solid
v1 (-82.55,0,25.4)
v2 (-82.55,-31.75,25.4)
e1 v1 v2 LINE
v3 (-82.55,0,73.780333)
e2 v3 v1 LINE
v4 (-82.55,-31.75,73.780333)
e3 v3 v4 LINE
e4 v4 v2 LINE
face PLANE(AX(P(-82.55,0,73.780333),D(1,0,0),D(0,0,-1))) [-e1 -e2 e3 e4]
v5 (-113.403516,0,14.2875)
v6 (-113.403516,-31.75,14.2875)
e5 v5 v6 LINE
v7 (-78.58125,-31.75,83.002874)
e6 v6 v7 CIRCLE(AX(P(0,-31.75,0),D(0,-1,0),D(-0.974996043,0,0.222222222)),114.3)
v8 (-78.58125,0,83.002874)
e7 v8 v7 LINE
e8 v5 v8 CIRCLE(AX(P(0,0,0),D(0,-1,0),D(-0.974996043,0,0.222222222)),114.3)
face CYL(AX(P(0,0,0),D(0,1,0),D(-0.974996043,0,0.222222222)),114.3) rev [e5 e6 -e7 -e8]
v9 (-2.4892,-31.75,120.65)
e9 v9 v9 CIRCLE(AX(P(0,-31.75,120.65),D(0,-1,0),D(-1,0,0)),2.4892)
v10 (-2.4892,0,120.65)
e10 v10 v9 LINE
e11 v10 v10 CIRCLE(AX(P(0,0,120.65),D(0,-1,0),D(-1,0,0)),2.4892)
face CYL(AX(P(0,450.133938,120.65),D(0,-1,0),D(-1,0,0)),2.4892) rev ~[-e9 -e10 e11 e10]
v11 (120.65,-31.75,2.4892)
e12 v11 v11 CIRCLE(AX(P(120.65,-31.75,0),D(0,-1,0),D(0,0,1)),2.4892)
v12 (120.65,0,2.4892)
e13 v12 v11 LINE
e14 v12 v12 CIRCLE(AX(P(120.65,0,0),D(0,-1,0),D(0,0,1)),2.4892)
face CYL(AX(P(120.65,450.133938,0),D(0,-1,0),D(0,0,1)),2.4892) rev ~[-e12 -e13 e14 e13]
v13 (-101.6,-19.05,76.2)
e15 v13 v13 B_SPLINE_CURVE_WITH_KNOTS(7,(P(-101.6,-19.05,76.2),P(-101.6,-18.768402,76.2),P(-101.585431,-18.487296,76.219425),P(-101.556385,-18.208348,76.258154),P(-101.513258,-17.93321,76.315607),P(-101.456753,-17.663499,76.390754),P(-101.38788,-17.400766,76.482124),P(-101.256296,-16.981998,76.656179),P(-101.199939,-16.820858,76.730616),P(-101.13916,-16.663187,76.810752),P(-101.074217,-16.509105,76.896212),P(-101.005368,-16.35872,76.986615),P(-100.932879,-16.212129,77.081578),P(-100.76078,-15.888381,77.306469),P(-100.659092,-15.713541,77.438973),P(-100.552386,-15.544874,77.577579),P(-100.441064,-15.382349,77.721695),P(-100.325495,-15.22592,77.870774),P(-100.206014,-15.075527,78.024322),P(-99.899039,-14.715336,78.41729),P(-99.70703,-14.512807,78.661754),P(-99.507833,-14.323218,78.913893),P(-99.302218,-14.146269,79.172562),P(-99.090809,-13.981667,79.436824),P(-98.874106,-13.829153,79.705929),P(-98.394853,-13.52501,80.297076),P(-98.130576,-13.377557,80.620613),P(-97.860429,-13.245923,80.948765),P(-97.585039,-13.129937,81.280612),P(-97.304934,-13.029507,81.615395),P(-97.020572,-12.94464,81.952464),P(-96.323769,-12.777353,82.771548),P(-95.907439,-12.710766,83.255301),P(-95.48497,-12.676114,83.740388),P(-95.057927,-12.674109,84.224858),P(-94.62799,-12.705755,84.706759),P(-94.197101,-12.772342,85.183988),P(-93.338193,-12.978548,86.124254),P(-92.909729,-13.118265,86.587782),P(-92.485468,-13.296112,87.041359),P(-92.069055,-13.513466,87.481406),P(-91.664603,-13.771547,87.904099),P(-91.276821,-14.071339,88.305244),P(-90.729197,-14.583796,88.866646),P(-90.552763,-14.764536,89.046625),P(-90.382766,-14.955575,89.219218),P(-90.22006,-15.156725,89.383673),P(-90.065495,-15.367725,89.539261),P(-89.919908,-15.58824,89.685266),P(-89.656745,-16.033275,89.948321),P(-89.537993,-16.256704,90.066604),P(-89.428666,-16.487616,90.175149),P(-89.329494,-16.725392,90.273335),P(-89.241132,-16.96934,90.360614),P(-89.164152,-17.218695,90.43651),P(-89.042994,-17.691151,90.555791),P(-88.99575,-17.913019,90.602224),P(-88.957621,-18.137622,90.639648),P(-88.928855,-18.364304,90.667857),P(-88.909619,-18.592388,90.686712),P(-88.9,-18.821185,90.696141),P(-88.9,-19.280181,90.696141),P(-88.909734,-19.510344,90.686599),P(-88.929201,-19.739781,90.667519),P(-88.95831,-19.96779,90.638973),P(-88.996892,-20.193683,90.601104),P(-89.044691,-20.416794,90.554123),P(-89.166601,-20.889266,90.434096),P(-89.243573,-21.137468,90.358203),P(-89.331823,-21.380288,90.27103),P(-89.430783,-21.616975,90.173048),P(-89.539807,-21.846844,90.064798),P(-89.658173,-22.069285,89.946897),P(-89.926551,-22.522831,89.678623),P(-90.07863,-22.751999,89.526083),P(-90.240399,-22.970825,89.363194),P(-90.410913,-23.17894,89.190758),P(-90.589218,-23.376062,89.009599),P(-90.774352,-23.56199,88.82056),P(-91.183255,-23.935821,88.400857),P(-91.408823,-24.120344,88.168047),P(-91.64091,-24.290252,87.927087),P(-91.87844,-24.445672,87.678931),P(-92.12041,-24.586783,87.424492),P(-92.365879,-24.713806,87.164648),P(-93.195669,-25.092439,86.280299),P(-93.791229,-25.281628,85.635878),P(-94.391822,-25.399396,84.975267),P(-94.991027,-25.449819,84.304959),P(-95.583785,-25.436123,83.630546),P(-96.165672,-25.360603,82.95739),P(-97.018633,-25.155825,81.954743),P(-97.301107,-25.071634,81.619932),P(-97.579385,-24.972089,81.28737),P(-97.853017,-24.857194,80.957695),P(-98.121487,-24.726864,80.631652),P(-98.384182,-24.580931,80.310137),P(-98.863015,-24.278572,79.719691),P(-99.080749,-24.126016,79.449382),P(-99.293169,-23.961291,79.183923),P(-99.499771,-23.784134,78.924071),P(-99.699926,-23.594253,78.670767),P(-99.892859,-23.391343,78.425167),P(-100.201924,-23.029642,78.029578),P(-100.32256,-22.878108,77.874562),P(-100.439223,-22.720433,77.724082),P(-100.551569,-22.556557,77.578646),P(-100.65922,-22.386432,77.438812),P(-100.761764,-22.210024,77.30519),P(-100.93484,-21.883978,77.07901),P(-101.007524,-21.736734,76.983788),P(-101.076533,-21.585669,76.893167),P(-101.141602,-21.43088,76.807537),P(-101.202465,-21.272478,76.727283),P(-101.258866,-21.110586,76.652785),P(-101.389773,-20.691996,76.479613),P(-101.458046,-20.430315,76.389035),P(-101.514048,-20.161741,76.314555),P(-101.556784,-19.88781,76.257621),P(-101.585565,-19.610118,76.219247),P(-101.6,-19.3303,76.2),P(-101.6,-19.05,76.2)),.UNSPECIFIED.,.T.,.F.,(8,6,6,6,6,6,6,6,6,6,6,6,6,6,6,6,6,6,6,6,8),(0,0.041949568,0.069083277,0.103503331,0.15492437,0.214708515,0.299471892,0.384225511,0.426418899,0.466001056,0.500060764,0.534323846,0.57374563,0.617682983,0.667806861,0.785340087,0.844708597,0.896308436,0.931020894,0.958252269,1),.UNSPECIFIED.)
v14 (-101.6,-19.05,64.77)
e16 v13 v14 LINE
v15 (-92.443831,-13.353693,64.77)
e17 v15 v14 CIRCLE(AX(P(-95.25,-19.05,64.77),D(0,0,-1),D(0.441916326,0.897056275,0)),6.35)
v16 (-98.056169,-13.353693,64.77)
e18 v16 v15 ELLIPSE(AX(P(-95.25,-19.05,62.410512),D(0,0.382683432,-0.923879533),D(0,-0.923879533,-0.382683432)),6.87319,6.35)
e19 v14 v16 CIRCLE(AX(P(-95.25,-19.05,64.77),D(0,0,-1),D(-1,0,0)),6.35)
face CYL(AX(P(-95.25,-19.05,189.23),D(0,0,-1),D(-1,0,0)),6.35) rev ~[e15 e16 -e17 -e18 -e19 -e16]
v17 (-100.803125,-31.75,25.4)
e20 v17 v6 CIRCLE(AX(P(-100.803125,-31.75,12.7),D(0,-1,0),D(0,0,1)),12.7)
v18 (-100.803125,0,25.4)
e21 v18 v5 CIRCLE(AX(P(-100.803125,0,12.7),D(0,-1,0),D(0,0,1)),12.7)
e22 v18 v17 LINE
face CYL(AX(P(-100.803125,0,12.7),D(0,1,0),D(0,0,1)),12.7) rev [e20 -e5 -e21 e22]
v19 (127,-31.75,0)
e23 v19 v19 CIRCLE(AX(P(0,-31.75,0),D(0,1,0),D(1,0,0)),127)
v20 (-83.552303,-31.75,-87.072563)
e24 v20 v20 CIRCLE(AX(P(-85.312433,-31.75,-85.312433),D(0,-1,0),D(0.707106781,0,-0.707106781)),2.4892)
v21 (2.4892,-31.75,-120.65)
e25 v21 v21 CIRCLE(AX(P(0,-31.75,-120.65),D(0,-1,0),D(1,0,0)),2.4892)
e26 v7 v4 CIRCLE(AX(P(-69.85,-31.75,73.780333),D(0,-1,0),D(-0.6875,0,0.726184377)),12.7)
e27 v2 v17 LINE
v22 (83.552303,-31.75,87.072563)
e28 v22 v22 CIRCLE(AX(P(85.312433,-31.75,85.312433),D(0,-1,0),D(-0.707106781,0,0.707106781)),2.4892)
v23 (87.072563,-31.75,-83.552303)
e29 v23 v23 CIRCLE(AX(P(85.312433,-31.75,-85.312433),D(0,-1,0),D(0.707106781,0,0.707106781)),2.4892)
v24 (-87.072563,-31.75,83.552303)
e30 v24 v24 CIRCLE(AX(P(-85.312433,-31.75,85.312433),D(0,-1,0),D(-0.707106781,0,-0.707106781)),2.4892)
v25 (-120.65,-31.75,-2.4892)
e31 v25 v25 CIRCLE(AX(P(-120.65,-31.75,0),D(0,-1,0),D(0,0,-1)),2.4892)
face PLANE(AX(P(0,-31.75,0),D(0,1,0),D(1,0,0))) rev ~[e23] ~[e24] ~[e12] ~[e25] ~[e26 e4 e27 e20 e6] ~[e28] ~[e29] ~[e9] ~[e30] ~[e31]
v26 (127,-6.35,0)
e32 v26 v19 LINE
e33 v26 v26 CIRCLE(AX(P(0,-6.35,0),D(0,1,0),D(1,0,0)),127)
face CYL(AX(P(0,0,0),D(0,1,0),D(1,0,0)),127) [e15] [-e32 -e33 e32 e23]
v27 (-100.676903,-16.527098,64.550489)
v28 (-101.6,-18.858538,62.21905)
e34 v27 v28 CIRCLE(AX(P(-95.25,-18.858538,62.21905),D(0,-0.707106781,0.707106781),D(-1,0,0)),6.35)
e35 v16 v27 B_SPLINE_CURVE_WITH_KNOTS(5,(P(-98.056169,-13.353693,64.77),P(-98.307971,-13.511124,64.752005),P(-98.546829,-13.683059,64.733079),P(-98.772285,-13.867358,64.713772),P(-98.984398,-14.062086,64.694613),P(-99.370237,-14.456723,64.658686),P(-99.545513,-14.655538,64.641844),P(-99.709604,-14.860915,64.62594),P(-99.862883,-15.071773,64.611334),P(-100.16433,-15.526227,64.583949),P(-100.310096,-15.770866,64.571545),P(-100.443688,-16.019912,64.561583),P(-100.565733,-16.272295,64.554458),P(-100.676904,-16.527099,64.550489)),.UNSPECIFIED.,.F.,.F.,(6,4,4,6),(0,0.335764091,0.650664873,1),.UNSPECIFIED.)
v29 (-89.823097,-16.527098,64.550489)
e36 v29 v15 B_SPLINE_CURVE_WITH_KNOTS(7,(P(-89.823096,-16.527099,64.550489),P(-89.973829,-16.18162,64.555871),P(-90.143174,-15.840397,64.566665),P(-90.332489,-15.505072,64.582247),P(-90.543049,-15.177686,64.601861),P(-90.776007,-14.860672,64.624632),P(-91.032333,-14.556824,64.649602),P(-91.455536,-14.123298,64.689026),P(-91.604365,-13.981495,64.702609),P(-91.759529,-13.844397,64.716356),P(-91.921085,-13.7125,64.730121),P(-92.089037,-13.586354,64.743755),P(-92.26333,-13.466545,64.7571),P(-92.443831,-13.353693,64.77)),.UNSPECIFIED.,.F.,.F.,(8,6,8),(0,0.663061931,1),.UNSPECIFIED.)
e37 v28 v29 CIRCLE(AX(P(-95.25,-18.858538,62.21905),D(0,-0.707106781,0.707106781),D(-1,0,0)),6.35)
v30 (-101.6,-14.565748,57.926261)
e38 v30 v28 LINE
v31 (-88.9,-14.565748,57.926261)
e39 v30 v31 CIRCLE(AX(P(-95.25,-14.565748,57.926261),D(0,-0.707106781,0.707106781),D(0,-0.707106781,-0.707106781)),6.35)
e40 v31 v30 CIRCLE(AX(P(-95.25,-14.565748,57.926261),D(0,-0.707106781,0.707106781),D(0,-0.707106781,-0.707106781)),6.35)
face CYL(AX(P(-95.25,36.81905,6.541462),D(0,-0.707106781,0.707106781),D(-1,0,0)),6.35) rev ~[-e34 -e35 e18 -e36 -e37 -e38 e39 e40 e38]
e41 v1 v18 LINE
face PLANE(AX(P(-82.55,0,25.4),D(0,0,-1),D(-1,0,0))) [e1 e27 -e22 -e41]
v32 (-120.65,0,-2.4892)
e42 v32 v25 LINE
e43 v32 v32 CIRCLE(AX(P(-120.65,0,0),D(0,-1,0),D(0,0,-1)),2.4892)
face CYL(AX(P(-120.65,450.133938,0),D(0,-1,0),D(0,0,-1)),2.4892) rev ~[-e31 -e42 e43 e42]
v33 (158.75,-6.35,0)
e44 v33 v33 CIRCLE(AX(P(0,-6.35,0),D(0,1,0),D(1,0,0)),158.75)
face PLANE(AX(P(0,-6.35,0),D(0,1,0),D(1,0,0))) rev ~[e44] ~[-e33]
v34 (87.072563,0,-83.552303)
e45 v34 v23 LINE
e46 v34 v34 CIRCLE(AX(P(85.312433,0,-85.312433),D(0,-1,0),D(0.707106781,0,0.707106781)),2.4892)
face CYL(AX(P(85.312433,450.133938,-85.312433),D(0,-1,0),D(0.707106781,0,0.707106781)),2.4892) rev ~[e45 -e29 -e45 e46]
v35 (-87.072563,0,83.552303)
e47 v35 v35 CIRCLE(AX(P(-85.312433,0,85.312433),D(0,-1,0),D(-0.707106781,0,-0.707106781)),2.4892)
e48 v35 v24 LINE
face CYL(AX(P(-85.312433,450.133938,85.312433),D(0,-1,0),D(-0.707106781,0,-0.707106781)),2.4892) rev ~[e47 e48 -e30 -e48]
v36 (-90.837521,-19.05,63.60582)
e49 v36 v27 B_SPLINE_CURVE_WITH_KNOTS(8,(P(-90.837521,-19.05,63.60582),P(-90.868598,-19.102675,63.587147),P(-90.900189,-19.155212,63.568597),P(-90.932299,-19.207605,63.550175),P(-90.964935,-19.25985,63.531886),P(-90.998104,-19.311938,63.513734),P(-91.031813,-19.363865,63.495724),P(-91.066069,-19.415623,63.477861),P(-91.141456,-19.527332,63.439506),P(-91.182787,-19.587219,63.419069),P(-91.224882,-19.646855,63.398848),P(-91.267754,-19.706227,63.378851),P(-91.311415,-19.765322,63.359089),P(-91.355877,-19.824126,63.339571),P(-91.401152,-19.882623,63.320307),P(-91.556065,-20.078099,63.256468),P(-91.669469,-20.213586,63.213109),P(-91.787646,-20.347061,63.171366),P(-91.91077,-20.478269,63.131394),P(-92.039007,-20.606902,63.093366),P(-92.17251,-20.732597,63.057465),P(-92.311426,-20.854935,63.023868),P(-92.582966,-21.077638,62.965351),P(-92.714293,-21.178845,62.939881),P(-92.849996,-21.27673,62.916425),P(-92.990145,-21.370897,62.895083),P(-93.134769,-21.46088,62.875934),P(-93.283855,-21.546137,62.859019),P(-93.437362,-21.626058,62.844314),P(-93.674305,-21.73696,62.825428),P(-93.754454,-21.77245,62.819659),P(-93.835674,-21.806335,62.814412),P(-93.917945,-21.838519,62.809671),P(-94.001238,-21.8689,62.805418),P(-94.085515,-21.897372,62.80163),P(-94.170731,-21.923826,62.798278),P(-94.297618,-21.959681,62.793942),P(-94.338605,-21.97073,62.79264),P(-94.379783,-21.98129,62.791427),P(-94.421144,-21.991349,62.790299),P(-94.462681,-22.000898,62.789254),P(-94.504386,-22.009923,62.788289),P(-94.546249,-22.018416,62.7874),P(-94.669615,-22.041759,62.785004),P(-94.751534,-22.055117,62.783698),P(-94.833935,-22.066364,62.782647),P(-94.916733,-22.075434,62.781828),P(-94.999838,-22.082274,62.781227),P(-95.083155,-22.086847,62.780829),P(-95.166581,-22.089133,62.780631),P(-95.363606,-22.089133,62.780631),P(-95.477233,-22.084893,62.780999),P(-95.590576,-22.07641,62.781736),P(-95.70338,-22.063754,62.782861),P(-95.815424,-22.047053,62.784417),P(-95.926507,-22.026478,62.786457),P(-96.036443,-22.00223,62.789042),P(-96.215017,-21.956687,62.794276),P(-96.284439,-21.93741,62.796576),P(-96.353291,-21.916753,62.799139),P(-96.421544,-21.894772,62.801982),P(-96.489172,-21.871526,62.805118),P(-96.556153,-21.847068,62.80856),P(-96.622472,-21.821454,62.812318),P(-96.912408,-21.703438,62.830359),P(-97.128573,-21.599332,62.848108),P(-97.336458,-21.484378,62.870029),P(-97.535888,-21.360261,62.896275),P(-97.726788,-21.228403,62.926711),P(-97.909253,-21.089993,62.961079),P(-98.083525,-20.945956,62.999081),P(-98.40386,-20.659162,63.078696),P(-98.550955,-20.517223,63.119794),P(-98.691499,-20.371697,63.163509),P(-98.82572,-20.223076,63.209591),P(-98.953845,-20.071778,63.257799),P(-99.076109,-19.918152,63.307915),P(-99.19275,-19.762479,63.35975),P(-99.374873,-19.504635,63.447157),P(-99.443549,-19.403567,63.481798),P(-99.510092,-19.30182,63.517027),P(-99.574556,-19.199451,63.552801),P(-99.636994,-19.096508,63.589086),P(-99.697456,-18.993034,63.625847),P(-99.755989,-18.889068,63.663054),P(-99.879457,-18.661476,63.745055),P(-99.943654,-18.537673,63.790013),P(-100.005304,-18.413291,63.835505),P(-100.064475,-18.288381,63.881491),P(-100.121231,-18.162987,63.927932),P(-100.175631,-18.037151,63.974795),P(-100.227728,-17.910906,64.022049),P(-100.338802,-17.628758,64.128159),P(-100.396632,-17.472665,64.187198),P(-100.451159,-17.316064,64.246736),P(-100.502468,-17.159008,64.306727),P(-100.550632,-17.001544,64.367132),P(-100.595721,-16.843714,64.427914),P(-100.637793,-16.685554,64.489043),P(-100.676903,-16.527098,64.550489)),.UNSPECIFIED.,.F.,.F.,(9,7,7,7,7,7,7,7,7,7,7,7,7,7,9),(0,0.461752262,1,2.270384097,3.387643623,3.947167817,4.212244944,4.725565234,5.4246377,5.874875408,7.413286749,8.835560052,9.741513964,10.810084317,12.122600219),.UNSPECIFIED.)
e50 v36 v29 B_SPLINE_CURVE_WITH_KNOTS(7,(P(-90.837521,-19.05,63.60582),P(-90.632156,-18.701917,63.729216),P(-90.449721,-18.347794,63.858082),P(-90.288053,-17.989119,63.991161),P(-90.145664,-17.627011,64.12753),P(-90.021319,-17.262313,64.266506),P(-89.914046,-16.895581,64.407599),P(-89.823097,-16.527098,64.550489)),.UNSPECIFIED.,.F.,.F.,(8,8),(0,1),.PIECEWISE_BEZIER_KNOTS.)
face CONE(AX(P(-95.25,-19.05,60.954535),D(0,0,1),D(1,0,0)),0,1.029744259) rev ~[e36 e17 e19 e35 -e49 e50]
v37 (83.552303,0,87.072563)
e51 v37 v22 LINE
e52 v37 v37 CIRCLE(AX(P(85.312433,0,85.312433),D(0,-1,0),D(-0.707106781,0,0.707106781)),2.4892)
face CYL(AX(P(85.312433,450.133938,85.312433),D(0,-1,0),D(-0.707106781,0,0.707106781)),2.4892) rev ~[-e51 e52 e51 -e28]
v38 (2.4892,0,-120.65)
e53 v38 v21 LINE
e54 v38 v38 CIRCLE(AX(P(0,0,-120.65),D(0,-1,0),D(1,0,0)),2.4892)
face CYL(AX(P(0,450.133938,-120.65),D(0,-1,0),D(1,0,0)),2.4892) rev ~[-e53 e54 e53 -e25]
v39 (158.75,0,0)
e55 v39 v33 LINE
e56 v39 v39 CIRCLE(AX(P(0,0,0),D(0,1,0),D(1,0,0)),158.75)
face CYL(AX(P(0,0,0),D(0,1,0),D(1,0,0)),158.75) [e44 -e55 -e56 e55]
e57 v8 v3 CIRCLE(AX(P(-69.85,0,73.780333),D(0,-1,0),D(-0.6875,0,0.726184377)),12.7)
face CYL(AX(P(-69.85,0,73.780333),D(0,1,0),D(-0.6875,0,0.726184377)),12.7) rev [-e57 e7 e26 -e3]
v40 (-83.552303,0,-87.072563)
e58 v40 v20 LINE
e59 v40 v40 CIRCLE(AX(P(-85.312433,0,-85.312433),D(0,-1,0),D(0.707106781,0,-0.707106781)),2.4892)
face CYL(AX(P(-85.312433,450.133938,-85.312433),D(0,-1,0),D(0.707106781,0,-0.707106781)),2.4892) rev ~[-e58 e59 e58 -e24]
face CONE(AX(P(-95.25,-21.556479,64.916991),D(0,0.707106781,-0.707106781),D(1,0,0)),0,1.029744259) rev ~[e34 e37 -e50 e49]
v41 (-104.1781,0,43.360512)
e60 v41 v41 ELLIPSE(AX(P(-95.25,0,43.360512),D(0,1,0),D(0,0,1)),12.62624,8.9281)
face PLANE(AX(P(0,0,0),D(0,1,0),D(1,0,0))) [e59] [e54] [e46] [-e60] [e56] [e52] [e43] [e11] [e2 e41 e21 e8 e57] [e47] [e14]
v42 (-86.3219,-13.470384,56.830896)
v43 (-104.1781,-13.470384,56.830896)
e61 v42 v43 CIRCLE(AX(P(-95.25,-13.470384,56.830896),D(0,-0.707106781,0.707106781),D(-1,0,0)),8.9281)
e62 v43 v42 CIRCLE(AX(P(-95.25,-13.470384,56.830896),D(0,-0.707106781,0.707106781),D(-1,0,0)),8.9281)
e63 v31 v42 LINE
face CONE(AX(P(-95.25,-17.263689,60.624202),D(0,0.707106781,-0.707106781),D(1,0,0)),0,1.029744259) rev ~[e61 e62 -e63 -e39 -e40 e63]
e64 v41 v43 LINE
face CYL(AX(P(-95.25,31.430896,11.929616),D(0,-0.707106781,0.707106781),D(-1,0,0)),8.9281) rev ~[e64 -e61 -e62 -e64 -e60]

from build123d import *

# Parameters (mm, degrees)
SKETCH7_R                         = 158.75
SKETCH7_R_2                       = 127
BOSS_EXTRUDE2_DEPTH               = 6.35
SKETCH7_3_R                       = 127
BOSS_EXTRUDE3_DEPTH               = 31.75
PIPE_TAP_DRILL_FOR_1_2_TAP2_D     = 17.8562
PIPE_TAP_DRILL_FOR_1_2_TAP2_DEPTH = 31.75
PIPE_TAP_DRILL_FOR_1_2_TAP2_TIP   = 5.364543693
F_1_2_0_5_DIAMETER_HOLE3_D        = 12.7
F_1_2_0_5_DIAMETER_HOLE3_DEPTH    = 62.23
F_1_2_0_5_DIAMETER_HOLE3_TIP      = 3.815464931
F_1_2_0_5_DIAMETER_HOLE4_D        = 12.7
F_1_2_0_5_DIAMETER_HOLE4_DEPTH    = 39.37
F_1_2_0_5_DIAMETER_HOLE4_TIP      = 3.815464931
F_10_CLEARANCE_HOLE1_D            = 4.9784
CIRPATTERN1_COUNT                 = 8


with BuildPart() as part:
    # Sketch7 → Boss-Extrude2 (new body)
    with BuildSketch(Plane(origin=(0, 0, 0), x_dir=(1, 0, 0), z_dir=(0, 1, 0))):
        Circle(SKETCH7_R)
        Circle(SKETCH7_R_2, mode=Mode.SUBTRACT)
    extrude(amount=-BOSS_EXTRUDE2_DEPTH)

    # Sketch7<3> → Boss-Extrude3 (add)
    with BuildSketch(Plane(origin=(0, 0, 0), x_dir=(1, 0, 0), z_dir=(0, 1, 0))):
        Circle(SKETCH7_3_R)
        with BuildLine():
            ThreePointArc((-100.803124952, -25.4), (-109.203385364, -22.225), (-113.403515571, -14.2875))
            ThreePointArc((-113.403515571, -14.2875), (101.95581504, 51.66722152), (-78.58125, -83.002874338))
            ThreePointArc((-78.58125, -83.002874338), (-81.5156949, -78.800448531), (-82.55, -73.780332745))
            Line((-82.55, -73.780332745), (-82.55, -25.4))
            Line((-82.55, -25.4), (-100.803124952, -25.4))
        make_face(mode=Mode.SUBTRACT)
    extrude(amount=-BOSS_EXTRUDE3_DEPTH)

    # Pipe Tap Drill for 1/2 Tap2
    with Locations(Plane(origin=(0, -12.7, 12.7), x_dir=(1, 0, 0), z_dir=(0, 0.7071067811865488, -0.7071067811865464))):
        with Locations((-95.25, -30.660512242)):
            Hole(PIPE_TAP_DRILL_FOR_1_2_TAP2_D / 2, depth=PIPE_TAP_DRILL_FOR_1_2_TAP2_DEPTH)
            with Locations((0, 0, -(PIPE_TAP_DRILL_FOR_1_2_TAP2_DEPTH + PIPE_TAP_DRILL_FOR_1_2_TAP2_TIP / 2))):  # 118° drill point
                Cone(0, PIPE_TAP_DRILL_FOR_1_2_TAP2_D / 2, PIPE_TAP_DRILL_FOR_1_2_TAP2_TIP, mode=Mode.SUBTRACT)

    # 1/2 (0.5) Diameter Hole3
    with Locations(Plane.XY.offset(127)):
        with Locations((-95.25, -19.05)):
            Hole(F_1_2_0_5_DIAMETER_HOLE3_D / 2, depth=F_1_2_0_5_DIAMETER_HOLE3_DEPTH)
            with Locations((0, 0, -(F_1_2_0_5_DIAMETER_HOLE3_DEPTH + F_1_2_0_5_DIAMETER_HOLE3_TIP / 2))):  # 118° drill point
                Cone(0, F_1_2_0_5_DIAMETER_HOLE3_D / 2, F_1_2_0_5_DIAMETER_HOLE3_TIP, mode=Mode.SUBTRACT)

    # 1/2 (0.5) Diameter Hole4
    with Locations(Plane(origin=(0, -12.7, 12.7), x_dir=(1, 0, 0), z_dir=(0, 0.7071067811865488, -0.7071067811865464))):
        with Locations((-95.25, -30.660512242)):
            Hole(F_1_2_0_5_DIAMETER_HOLE4_D / 2, depth=F_1_2_0_5_DIAMETER_HOLE4_DEPTH)
            with Locations((0, 0, -(F_1_2_0_5_DIAMETER_HOLE4_DEPTH + F_1_2_0_5_DIAMETER_HOLE4_TIP / 2))):  # 118° drill point
                Cone(0, F_1_2_0_5_DIAMETER_HOLE4_D / 2, F_1_2_0_5_DIAMETER_HOLE4_TIP, mode=Mode.SUBTRACT)

    # #10 Clearance Hole1 (through all)
    with Locations(Plane(origin=(0, 0, 0), x_dir=(1, 0, 0), z_dir=(0, 1, 0))):
        with Locations((0, -120.65)):
            f_10_clearance_hole1 = Hole(F_10_CLEARANCE_HOLE1_D / 2)

    # CirPattern1: #10 Clearance Hole1 ×8 about axis
    cirpattern1_axis = Axis((0, -31.75, 0), (0, 1, 0))
    for i in range(1, CIRPATTERN1_COUNT):
        add(f_10_clearance_hole1.rotate(cirpattern1_axis, i * 360 / CIRPATTERN1_COUNT), mode=Mode.SUBTRACT)


solid = part.part
